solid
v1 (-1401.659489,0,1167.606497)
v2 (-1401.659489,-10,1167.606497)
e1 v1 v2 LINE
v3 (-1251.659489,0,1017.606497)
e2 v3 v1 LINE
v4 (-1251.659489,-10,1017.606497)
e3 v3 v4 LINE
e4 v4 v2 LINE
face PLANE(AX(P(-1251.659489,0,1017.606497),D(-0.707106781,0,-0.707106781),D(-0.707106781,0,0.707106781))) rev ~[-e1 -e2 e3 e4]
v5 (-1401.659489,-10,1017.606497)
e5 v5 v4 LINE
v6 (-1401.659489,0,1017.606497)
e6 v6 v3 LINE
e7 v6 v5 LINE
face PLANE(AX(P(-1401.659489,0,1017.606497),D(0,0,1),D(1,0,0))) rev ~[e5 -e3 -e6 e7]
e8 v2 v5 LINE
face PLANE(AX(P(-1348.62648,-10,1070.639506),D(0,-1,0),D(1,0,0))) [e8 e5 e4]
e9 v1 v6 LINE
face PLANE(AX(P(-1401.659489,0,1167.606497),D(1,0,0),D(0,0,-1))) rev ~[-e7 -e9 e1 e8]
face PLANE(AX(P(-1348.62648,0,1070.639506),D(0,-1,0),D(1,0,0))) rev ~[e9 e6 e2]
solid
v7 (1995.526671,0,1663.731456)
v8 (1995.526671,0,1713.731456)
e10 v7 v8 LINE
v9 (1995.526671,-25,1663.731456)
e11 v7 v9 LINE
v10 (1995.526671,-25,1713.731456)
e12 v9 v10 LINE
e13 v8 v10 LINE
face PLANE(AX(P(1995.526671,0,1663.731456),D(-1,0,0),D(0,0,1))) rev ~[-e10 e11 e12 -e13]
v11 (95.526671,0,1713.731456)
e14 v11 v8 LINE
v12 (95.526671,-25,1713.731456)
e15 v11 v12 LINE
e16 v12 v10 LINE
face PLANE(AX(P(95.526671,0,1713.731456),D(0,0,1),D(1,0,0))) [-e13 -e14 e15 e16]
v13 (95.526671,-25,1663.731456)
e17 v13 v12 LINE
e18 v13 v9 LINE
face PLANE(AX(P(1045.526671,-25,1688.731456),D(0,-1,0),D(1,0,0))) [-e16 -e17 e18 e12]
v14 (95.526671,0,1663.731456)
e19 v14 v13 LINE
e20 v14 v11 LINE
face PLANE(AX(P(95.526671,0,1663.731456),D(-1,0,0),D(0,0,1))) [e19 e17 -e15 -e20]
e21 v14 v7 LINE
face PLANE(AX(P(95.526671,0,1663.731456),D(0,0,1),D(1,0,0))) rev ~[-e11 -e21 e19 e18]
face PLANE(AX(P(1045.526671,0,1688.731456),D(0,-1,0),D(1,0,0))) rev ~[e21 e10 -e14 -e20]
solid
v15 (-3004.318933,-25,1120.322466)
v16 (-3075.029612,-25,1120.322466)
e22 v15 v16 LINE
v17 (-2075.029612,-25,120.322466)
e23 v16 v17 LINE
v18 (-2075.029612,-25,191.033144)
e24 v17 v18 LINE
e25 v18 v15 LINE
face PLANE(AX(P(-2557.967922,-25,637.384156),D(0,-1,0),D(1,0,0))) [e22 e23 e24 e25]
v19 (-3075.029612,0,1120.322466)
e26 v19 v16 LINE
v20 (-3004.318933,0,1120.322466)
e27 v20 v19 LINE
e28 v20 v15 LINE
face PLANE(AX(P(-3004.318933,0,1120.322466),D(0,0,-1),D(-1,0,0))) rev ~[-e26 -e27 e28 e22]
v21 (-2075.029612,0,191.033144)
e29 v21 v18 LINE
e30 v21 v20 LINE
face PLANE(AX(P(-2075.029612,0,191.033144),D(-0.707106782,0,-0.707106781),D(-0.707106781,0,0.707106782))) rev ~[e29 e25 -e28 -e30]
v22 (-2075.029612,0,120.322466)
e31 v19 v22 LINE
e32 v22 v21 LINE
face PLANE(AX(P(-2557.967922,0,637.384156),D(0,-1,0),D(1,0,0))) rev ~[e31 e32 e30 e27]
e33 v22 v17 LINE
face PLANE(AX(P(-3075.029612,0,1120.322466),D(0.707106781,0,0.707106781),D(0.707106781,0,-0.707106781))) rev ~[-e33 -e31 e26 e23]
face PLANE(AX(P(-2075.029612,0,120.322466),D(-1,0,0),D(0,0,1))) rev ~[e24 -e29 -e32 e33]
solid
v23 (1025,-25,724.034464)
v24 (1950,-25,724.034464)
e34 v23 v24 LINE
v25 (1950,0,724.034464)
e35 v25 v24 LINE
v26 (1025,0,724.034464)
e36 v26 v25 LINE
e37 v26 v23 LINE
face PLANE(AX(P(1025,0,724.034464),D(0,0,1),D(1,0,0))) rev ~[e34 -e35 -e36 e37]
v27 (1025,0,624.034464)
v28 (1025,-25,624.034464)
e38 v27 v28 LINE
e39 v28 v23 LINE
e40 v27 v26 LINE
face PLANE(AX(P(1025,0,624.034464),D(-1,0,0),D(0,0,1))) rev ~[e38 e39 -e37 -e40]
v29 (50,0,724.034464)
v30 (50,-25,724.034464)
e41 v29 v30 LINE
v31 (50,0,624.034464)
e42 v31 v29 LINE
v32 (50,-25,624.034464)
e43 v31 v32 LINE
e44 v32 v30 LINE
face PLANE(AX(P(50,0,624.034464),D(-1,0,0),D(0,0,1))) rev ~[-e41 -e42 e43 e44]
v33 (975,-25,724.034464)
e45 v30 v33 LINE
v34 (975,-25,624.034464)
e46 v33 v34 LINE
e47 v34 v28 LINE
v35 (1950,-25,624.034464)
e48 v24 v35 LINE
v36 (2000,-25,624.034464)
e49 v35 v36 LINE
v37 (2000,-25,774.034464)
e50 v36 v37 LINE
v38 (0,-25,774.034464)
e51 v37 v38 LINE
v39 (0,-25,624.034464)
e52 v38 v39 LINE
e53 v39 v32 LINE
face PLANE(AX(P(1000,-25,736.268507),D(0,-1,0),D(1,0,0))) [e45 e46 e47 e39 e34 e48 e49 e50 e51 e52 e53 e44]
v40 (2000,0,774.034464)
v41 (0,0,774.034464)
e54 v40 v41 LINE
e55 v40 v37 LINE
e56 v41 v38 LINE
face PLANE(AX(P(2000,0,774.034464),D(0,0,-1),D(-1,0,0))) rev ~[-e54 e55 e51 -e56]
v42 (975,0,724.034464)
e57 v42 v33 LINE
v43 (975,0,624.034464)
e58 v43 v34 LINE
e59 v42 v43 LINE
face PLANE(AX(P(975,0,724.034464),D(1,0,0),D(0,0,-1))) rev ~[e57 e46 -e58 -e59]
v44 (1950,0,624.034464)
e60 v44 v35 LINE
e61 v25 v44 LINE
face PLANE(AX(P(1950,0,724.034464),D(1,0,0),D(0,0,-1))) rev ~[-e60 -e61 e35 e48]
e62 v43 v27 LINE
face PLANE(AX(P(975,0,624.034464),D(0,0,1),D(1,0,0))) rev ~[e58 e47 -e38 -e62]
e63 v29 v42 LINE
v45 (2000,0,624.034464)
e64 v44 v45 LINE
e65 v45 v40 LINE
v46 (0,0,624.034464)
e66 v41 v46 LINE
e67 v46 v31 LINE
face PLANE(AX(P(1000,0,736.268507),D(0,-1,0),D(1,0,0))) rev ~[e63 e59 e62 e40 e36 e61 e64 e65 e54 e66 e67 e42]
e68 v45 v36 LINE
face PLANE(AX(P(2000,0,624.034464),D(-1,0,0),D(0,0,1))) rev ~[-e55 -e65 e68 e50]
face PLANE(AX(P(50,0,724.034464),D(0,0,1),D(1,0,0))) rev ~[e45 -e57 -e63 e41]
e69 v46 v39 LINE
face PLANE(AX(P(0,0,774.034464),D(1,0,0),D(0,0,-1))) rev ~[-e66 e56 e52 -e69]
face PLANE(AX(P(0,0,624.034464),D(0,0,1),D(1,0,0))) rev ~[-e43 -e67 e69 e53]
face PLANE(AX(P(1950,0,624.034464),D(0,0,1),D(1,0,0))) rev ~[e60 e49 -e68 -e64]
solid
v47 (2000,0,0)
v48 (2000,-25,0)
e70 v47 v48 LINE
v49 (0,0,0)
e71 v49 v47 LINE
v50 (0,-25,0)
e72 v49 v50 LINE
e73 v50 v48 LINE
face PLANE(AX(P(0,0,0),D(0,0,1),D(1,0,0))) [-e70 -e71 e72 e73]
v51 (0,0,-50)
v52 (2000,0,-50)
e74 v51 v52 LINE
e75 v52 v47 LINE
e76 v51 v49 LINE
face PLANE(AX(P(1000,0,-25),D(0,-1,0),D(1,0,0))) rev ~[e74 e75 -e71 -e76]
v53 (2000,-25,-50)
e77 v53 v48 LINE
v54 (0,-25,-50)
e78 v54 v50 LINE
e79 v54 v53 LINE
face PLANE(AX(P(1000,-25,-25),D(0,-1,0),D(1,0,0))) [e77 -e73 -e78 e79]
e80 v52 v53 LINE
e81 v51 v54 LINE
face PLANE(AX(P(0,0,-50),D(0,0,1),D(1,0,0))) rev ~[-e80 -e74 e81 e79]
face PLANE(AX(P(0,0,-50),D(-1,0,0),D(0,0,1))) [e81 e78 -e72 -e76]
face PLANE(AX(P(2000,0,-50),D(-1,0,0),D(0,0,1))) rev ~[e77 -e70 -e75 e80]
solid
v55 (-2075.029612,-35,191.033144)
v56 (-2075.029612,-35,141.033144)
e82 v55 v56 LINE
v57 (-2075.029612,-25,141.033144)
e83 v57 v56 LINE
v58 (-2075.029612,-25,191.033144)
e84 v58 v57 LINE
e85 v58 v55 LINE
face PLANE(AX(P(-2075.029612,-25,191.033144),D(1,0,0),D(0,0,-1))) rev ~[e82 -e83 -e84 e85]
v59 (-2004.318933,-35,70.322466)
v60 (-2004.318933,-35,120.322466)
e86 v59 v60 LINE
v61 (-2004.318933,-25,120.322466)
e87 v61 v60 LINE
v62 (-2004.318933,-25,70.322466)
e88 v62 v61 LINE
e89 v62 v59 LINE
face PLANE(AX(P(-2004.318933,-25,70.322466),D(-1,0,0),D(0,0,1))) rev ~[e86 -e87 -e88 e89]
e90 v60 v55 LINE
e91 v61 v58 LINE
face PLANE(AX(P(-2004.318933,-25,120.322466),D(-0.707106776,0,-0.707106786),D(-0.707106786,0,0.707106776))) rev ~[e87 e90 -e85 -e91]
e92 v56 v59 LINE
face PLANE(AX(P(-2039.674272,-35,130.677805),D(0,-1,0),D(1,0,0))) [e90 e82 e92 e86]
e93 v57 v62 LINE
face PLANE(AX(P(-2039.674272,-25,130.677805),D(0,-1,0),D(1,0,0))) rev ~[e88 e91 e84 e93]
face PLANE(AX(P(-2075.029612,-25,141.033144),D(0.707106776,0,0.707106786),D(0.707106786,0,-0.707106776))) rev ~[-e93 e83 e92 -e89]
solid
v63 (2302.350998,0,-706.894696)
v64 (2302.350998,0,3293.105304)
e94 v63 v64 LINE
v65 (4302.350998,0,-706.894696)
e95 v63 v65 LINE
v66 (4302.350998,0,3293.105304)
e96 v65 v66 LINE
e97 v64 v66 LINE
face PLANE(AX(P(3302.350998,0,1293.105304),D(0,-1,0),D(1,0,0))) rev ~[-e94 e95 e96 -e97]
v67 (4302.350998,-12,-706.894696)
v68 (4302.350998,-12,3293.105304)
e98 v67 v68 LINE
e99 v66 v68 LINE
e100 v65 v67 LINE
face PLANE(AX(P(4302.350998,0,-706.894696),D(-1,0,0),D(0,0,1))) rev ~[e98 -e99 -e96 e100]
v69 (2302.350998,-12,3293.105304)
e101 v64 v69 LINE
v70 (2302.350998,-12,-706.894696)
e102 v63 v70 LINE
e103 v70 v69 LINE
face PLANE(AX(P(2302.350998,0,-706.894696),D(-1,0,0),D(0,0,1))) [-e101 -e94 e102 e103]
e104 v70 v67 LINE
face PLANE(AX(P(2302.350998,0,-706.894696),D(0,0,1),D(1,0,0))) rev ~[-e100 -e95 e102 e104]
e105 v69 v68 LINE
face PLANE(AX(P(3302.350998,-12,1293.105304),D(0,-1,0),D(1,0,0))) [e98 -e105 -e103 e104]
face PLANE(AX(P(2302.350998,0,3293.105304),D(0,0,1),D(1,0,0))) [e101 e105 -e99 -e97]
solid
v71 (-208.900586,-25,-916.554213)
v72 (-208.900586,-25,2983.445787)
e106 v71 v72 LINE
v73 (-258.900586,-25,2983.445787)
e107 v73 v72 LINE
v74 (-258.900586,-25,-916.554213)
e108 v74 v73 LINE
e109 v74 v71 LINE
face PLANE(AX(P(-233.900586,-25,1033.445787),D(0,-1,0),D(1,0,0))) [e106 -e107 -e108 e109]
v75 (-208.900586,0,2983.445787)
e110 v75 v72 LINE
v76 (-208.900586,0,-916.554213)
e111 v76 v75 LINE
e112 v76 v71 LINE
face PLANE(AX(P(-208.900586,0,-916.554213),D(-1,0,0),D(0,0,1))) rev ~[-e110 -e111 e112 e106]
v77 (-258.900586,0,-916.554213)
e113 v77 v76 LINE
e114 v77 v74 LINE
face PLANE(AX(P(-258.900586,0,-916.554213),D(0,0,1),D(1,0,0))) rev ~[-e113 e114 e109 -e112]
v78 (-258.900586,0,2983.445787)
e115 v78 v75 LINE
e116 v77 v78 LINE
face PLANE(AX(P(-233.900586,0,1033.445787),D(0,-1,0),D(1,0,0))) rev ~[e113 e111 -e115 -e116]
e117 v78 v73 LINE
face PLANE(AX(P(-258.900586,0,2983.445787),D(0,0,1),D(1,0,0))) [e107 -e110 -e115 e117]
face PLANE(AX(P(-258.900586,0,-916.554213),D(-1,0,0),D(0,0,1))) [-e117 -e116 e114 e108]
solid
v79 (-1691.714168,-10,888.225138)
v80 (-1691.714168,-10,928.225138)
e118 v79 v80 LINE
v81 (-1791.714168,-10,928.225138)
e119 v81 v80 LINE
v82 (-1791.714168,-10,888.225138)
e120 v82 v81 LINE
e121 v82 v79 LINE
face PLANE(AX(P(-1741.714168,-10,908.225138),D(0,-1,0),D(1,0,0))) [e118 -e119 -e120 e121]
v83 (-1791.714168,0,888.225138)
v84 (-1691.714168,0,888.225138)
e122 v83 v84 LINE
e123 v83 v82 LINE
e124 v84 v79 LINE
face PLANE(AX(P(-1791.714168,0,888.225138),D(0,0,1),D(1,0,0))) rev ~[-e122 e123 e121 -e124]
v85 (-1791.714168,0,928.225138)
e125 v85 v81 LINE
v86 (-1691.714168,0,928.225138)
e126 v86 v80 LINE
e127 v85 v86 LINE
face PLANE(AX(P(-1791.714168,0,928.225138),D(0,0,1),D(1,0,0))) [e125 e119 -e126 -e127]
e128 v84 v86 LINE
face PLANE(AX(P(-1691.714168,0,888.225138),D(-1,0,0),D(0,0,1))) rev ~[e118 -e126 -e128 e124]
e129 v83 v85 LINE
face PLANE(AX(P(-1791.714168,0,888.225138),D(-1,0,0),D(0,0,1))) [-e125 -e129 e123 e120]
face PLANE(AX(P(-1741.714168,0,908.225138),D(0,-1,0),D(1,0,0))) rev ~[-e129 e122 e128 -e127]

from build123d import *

# Parameters (mm, degrees)
F0_W      = 2000
F0_H      = 50
F1_DEPTH  = 25
F2_W      = 50
F2_H      = 3900
F3_DEPTH  = 25
F5_DEPTH  = 25
F6_W      = 1900
F6_H      = 50
F7_DEPTH  = 25
F9_DEPTH  = 25
F11_DEPTH = 10
F12_W     = 100
F12_H     = 40
F13_DEPTH = 10
F15_DEPTH = 10
F16_W     = 2000
F16_H     = 4000
F17_DEPTH = 12


with BuildPart() as f1:
    # F0 (on Front) → F1 (new body)
    with BuildSketch(Plane.XZ):
        with Locations((1000, -25)):
            Rectangle(F0_W, F0_H)
    extrude(amount=F1_DEPTH)


with BuildPart() as f3:
    # F2 (on Front) → F3 (new body)
    with BuildSketch(Plane.XZ):
        with Locations((-233.900586, 1033.445787)):
            Rectangle(F2_W, F2_H)
    extrude(amount=F3_DEPTH)


with BuildPart() as f5:
    # F4 (on Front) → F5 (new body)
    with BuildSketch(Plane.XZ):
        Polygon((2000, 774.034464), (0, 774.034464), (0, 624.034464), (50, 624.034464), (50, 724.034464), (975, 724.034464), (975, 624.034464), (1025, 624.034464), (1025, 724.034464), (1950, 724.034464), (1950, 624.034464), (2000, 624.034464), align=None)
    extrude(amount=F5_DEPTH)


with BuildPart() as f7:
    # F6 (on Front) → F7 (new body)
    with BuildSketch(Plane.XZ):
        with Locations((1045.526671, 1688.731456)):
            Rectangle(F6_W, F6_H)
    extrude(amount=F7_DEPTH)


with BuildPart() as f9:
    # F8 (on Front) → F9 (new body)
    with BuildSketch(Plane.XZ):
        Polygon((-3004.318933, 1120.322466), (-3075.029612, 1120.322466), (-2075.029612, 120.322466), (-2075.029612, 191.033144), align=None)
    extrude(amount=F9_DEPTH)


with BuildPart() as f11:
    # F10 (on face) → F11 (new body)
    with BuildSketch(Plane.XZ.offset(25)):
        Polygon((-2004.318933, 120.322466), (-2075.029612, 191.033144), (-2075.029612, 141.033144), (-2004.318933, 70.322466), align=None)
    extrude(amount=F11_DEPTH)


with BuildPart() as f13:
    # F12 (on Front) → F13 (new body)
    with BuildSketch(Plane.XZ):
        with Locations((-1741.714168, 908.225138)):
            Rectangle(F12_W, F12_H)
    extrude(amount=F13_DEPTH)


with BuildPart() as f15:
    # F14 (on Front) → F15 (new body)
    with BuildSketch(Plane.XZ):
        Polygon((-1251.659489, 1017.606497), (-1401.659489, 1167.606497), (-1401.659489, 1017.606497), align=None)
    extrude(amount=F15_DEPTH)


with BuildPart() as f17:
    # F16 (on Front) → F17 (new body)
    with BuildSketch(Plane.XZ):
        with Locations((3302.350998, 1293.105304)):
            Rectangle(F16_W, F16_H)
    extrude(amount=F17_DEPTH)


solid = Compound([f1.part, f3.part, f5.part, f7.part, f9.part, f11.part, f13.part, f15.part, f17.part])
